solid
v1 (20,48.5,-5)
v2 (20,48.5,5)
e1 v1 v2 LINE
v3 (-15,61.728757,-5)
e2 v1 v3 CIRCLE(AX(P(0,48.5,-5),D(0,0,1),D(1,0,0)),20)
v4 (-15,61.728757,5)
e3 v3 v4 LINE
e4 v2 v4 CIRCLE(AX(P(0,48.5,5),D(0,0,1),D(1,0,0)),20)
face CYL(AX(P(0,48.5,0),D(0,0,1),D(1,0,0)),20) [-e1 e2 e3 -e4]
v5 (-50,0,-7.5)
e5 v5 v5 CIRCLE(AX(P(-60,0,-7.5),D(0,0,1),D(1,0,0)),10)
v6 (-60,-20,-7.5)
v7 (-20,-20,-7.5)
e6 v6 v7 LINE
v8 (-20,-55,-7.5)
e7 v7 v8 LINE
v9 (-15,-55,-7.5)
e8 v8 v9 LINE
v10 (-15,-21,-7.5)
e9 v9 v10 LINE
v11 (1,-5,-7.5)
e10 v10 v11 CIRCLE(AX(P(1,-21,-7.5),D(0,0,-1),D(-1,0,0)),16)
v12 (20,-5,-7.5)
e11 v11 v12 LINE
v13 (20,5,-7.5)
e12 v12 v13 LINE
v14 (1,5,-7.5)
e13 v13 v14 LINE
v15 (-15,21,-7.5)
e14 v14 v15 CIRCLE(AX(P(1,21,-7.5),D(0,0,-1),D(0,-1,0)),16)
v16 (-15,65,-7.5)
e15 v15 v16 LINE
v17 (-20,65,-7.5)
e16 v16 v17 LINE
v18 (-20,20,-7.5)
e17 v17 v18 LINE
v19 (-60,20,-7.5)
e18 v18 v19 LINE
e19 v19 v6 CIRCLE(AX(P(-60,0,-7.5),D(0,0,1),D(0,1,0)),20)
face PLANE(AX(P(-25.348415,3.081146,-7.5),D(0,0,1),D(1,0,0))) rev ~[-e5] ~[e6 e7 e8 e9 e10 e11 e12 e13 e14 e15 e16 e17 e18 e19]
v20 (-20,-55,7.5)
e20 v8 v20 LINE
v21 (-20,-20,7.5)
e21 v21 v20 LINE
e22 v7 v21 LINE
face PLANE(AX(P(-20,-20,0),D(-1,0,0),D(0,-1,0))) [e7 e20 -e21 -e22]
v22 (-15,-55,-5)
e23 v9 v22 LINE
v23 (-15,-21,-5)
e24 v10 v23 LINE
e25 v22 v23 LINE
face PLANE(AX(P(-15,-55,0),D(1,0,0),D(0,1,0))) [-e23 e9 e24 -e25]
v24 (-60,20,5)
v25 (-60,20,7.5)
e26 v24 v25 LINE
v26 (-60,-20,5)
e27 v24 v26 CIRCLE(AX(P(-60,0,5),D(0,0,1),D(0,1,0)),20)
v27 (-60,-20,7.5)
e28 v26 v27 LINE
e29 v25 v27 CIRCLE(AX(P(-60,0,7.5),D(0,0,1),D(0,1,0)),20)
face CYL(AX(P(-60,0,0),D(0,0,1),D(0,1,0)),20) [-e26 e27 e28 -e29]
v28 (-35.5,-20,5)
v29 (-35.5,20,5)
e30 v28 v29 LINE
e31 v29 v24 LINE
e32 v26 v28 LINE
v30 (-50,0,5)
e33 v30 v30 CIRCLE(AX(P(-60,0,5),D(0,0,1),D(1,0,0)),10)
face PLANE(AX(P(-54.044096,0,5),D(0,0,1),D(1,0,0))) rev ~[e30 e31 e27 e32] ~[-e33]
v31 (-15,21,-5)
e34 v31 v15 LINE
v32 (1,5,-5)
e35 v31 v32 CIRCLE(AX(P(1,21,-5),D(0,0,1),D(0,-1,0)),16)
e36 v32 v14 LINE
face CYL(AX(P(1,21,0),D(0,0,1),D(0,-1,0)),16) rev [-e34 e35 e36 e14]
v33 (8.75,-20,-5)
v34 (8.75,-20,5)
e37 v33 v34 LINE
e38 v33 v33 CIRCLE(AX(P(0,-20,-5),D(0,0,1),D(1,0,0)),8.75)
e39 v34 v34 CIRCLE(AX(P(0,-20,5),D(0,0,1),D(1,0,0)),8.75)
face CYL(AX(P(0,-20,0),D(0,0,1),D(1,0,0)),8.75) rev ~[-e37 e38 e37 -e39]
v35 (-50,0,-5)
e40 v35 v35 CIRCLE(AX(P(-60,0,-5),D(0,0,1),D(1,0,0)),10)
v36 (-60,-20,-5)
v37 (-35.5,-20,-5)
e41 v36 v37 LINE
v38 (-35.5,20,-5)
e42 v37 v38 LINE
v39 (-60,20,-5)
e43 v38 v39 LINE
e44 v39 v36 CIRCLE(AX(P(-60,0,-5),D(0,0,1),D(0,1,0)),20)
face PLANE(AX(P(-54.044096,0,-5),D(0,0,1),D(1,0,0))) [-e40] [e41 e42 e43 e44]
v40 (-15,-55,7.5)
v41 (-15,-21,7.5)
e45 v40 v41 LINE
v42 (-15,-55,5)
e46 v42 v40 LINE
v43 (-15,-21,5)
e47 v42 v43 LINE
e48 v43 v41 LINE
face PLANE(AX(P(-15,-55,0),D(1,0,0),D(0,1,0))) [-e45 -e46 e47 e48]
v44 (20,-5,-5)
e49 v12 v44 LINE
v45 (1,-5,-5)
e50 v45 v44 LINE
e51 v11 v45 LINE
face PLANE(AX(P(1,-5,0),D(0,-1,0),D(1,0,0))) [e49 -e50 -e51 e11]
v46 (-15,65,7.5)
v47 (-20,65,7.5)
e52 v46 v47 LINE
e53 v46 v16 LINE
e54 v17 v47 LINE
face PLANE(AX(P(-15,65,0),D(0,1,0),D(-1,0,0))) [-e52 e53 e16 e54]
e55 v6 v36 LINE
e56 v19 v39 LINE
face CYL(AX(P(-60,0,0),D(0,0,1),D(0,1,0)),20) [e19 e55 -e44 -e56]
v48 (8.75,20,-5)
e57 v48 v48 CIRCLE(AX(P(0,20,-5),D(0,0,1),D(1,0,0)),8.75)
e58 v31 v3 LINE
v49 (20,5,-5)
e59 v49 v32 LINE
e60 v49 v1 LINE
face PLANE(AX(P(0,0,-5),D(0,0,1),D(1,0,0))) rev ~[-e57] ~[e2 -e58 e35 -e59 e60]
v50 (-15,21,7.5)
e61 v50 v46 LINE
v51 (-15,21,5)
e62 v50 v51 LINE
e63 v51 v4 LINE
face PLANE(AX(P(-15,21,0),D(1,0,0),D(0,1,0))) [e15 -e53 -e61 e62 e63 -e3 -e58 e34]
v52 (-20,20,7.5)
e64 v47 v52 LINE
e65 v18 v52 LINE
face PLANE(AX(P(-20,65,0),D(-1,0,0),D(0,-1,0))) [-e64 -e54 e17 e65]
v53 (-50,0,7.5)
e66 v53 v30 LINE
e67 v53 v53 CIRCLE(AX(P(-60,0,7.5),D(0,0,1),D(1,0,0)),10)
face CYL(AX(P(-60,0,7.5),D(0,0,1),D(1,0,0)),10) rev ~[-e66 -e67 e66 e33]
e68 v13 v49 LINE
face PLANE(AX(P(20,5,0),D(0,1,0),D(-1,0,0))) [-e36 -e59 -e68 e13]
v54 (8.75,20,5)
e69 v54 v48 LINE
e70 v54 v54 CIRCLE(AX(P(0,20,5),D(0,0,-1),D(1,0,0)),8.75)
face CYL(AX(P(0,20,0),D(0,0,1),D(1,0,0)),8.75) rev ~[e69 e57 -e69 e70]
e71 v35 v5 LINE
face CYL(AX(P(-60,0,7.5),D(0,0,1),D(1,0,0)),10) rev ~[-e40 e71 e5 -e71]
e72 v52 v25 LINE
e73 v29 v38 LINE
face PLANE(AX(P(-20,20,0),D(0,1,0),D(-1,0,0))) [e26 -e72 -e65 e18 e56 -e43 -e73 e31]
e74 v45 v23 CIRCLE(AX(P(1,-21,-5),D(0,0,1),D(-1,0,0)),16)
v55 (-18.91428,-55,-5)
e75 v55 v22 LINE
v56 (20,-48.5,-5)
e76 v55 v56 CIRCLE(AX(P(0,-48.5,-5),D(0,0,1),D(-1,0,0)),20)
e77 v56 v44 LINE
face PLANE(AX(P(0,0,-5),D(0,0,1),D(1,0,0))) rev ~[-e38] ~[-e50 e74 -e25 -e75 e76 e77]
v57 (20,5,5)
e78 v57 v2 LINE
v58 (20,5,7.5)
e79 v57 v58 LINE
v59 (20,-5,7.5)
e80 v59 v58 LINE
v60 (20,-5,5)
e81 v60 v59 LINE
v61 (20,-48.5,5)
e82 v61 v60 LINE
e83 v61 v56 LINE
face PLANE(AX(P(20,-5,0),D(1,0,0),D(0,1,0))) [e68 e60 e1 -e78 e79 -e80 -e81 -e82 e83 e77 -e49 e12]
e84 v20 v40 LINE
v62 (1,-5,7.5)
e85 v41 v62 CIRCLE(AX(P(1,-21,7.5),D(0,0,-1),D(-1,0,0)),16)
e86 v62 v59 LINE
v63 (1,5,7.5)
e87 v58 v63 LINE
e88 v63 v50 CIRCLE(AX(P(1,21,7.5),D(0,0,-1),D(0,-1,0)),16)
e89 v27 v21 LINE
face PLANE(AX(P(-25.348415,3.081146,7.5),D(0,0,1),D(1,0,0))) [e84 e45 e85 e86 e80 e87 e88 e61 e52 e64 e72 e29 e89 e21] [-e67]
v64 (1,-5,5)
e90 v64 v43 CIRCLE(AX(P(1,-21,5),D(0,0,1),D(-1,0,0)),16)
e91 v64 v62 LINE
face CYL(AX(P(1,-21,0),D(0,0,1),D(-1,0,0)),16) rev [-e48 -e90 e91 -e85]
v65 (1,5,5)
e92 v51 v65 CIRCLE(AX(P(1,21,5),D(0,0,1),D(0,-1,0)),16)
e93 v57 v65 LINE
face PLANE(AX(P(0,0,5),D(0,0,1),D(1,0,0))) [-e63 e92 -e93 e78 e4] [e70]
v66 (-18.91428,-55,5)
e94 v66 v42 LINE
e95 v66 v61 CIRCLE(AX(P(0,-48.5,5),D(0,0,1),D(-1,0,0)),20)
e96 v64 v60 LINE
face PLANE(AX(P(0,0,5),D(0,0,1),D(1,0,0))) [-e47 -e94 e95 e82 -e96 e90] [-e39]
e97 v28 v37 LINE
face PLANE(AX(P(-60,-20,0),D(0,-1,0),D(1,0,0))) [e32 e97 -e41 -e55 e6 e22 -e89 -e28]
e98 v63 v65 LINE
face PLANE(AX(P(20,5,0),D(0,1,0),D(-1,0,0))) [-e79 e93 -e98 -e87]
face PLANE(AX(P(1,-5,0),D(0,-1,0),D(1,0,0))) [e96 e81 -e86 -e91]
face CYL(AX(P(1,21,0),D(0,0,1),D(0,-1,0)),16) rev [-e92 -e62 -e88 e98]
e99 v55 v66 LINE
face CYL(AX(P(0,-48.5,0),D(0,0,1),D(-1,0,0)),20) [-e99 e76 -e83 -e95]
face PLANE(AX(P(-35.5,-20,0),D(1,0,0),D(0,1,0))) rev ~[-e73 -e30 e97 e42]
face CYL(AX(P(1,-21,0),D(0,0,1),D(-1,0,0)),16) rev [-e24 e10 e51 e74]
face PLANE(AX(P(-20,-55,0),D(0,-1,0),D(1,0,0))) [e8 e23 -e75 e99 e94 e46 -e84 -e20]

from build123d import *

# Parameters (mm, degrees)
F1_DEPTH = 5
F2_R     = 8.75
F3_DEPTH = 12.5
F5_DEPTH = 7.5
F7_DEPTH = 5
F8_R     = 10
F9_DEPTH = 25


with BuildPart() as f1:
    # F0 (on Top) → F1 (new body, symmetric)
    with BuildSketch(Plane.XY):
        with BuildLine():
            Line((20, -48.5), (20, 48.5))
            ThreePointArc((20, 48.5), (0, 68.5), (-20, 48.5))
            Line((-20, 48.5), (-20, -48.5))
            ThreePointArc((-20, -48.5), (0, -68.5), (20, -48.5))
        make_face()
    extrude(amount=F1_DEPTH, both=True)

    # F2 (on Top) → F3 (cut, symmetric)
    with BuildSketch(Plane.XY):
        with Locations((0, 20)):
            Circle(F2_R)
        with Locations((0, -20)):
            Circle(F2_R)
    extrude(amount=F3_DEPTH, both=True, mode=Mode.SUBTRACT)

    # F4 (on Top) → F5 (join, symmetric)
    with BuildSketch(Plane.XY):
        with BuildLine():
            Line((-15, 65), (-20, 65))
            Line((-20, 65), (-20, 20))
            Line((-20, 20), (-60, 20))
            ThreePointArc((-60, 20), (-80, 0), (-60, -20))
            Line((-60, -20), (-20, -20))
            Line((-20, -20), (-20, -55))
            Line((-20, -55), (-15, -55))
            Line((-15, -55), (-15, -21))
            ThreePointArc((-15, -21), (-10.313708499, -9.686291501), (1, -5))
            Line((1, -5), (20, -5))
            Line((20, -5), (20, 5))
            Line((20, 5), (1, 5))
            ThreePointArc((1, 5), (-10.313708499, 9.686291501), (-15, 21))
            Line((-15, 21), (-15, 65))
        make_face()
    extrude(amount=F5_DEPTH, both=True)

    # F6 (on Top) → F7 (cut, symmetric)
    with BuildSketch(Plane.XY):
        with BuildLine():
            Line((-35.5, 20), (-60, 20))
            ThreePointArc((-60, 20), (-80, 0), (-60, -20))
            Line((-60, -20), (-35.5, -20))
            Line((-35.5, -20), (-35.5, 20))
        make_face()
    extrude(amount=F7_DEPTH, both=True, mode=Mode.SUBTRACT)

    # F8 (on face) → F9 (cut)
    with BuildSketch(Plane.XY.offset(7.5)):
        with Locations((-60, 0)):
            Circle(F8_R)
    extrude(amount=-F9_DEPTH, mode=Mode.SUBTRACT)


solid = f1.part
